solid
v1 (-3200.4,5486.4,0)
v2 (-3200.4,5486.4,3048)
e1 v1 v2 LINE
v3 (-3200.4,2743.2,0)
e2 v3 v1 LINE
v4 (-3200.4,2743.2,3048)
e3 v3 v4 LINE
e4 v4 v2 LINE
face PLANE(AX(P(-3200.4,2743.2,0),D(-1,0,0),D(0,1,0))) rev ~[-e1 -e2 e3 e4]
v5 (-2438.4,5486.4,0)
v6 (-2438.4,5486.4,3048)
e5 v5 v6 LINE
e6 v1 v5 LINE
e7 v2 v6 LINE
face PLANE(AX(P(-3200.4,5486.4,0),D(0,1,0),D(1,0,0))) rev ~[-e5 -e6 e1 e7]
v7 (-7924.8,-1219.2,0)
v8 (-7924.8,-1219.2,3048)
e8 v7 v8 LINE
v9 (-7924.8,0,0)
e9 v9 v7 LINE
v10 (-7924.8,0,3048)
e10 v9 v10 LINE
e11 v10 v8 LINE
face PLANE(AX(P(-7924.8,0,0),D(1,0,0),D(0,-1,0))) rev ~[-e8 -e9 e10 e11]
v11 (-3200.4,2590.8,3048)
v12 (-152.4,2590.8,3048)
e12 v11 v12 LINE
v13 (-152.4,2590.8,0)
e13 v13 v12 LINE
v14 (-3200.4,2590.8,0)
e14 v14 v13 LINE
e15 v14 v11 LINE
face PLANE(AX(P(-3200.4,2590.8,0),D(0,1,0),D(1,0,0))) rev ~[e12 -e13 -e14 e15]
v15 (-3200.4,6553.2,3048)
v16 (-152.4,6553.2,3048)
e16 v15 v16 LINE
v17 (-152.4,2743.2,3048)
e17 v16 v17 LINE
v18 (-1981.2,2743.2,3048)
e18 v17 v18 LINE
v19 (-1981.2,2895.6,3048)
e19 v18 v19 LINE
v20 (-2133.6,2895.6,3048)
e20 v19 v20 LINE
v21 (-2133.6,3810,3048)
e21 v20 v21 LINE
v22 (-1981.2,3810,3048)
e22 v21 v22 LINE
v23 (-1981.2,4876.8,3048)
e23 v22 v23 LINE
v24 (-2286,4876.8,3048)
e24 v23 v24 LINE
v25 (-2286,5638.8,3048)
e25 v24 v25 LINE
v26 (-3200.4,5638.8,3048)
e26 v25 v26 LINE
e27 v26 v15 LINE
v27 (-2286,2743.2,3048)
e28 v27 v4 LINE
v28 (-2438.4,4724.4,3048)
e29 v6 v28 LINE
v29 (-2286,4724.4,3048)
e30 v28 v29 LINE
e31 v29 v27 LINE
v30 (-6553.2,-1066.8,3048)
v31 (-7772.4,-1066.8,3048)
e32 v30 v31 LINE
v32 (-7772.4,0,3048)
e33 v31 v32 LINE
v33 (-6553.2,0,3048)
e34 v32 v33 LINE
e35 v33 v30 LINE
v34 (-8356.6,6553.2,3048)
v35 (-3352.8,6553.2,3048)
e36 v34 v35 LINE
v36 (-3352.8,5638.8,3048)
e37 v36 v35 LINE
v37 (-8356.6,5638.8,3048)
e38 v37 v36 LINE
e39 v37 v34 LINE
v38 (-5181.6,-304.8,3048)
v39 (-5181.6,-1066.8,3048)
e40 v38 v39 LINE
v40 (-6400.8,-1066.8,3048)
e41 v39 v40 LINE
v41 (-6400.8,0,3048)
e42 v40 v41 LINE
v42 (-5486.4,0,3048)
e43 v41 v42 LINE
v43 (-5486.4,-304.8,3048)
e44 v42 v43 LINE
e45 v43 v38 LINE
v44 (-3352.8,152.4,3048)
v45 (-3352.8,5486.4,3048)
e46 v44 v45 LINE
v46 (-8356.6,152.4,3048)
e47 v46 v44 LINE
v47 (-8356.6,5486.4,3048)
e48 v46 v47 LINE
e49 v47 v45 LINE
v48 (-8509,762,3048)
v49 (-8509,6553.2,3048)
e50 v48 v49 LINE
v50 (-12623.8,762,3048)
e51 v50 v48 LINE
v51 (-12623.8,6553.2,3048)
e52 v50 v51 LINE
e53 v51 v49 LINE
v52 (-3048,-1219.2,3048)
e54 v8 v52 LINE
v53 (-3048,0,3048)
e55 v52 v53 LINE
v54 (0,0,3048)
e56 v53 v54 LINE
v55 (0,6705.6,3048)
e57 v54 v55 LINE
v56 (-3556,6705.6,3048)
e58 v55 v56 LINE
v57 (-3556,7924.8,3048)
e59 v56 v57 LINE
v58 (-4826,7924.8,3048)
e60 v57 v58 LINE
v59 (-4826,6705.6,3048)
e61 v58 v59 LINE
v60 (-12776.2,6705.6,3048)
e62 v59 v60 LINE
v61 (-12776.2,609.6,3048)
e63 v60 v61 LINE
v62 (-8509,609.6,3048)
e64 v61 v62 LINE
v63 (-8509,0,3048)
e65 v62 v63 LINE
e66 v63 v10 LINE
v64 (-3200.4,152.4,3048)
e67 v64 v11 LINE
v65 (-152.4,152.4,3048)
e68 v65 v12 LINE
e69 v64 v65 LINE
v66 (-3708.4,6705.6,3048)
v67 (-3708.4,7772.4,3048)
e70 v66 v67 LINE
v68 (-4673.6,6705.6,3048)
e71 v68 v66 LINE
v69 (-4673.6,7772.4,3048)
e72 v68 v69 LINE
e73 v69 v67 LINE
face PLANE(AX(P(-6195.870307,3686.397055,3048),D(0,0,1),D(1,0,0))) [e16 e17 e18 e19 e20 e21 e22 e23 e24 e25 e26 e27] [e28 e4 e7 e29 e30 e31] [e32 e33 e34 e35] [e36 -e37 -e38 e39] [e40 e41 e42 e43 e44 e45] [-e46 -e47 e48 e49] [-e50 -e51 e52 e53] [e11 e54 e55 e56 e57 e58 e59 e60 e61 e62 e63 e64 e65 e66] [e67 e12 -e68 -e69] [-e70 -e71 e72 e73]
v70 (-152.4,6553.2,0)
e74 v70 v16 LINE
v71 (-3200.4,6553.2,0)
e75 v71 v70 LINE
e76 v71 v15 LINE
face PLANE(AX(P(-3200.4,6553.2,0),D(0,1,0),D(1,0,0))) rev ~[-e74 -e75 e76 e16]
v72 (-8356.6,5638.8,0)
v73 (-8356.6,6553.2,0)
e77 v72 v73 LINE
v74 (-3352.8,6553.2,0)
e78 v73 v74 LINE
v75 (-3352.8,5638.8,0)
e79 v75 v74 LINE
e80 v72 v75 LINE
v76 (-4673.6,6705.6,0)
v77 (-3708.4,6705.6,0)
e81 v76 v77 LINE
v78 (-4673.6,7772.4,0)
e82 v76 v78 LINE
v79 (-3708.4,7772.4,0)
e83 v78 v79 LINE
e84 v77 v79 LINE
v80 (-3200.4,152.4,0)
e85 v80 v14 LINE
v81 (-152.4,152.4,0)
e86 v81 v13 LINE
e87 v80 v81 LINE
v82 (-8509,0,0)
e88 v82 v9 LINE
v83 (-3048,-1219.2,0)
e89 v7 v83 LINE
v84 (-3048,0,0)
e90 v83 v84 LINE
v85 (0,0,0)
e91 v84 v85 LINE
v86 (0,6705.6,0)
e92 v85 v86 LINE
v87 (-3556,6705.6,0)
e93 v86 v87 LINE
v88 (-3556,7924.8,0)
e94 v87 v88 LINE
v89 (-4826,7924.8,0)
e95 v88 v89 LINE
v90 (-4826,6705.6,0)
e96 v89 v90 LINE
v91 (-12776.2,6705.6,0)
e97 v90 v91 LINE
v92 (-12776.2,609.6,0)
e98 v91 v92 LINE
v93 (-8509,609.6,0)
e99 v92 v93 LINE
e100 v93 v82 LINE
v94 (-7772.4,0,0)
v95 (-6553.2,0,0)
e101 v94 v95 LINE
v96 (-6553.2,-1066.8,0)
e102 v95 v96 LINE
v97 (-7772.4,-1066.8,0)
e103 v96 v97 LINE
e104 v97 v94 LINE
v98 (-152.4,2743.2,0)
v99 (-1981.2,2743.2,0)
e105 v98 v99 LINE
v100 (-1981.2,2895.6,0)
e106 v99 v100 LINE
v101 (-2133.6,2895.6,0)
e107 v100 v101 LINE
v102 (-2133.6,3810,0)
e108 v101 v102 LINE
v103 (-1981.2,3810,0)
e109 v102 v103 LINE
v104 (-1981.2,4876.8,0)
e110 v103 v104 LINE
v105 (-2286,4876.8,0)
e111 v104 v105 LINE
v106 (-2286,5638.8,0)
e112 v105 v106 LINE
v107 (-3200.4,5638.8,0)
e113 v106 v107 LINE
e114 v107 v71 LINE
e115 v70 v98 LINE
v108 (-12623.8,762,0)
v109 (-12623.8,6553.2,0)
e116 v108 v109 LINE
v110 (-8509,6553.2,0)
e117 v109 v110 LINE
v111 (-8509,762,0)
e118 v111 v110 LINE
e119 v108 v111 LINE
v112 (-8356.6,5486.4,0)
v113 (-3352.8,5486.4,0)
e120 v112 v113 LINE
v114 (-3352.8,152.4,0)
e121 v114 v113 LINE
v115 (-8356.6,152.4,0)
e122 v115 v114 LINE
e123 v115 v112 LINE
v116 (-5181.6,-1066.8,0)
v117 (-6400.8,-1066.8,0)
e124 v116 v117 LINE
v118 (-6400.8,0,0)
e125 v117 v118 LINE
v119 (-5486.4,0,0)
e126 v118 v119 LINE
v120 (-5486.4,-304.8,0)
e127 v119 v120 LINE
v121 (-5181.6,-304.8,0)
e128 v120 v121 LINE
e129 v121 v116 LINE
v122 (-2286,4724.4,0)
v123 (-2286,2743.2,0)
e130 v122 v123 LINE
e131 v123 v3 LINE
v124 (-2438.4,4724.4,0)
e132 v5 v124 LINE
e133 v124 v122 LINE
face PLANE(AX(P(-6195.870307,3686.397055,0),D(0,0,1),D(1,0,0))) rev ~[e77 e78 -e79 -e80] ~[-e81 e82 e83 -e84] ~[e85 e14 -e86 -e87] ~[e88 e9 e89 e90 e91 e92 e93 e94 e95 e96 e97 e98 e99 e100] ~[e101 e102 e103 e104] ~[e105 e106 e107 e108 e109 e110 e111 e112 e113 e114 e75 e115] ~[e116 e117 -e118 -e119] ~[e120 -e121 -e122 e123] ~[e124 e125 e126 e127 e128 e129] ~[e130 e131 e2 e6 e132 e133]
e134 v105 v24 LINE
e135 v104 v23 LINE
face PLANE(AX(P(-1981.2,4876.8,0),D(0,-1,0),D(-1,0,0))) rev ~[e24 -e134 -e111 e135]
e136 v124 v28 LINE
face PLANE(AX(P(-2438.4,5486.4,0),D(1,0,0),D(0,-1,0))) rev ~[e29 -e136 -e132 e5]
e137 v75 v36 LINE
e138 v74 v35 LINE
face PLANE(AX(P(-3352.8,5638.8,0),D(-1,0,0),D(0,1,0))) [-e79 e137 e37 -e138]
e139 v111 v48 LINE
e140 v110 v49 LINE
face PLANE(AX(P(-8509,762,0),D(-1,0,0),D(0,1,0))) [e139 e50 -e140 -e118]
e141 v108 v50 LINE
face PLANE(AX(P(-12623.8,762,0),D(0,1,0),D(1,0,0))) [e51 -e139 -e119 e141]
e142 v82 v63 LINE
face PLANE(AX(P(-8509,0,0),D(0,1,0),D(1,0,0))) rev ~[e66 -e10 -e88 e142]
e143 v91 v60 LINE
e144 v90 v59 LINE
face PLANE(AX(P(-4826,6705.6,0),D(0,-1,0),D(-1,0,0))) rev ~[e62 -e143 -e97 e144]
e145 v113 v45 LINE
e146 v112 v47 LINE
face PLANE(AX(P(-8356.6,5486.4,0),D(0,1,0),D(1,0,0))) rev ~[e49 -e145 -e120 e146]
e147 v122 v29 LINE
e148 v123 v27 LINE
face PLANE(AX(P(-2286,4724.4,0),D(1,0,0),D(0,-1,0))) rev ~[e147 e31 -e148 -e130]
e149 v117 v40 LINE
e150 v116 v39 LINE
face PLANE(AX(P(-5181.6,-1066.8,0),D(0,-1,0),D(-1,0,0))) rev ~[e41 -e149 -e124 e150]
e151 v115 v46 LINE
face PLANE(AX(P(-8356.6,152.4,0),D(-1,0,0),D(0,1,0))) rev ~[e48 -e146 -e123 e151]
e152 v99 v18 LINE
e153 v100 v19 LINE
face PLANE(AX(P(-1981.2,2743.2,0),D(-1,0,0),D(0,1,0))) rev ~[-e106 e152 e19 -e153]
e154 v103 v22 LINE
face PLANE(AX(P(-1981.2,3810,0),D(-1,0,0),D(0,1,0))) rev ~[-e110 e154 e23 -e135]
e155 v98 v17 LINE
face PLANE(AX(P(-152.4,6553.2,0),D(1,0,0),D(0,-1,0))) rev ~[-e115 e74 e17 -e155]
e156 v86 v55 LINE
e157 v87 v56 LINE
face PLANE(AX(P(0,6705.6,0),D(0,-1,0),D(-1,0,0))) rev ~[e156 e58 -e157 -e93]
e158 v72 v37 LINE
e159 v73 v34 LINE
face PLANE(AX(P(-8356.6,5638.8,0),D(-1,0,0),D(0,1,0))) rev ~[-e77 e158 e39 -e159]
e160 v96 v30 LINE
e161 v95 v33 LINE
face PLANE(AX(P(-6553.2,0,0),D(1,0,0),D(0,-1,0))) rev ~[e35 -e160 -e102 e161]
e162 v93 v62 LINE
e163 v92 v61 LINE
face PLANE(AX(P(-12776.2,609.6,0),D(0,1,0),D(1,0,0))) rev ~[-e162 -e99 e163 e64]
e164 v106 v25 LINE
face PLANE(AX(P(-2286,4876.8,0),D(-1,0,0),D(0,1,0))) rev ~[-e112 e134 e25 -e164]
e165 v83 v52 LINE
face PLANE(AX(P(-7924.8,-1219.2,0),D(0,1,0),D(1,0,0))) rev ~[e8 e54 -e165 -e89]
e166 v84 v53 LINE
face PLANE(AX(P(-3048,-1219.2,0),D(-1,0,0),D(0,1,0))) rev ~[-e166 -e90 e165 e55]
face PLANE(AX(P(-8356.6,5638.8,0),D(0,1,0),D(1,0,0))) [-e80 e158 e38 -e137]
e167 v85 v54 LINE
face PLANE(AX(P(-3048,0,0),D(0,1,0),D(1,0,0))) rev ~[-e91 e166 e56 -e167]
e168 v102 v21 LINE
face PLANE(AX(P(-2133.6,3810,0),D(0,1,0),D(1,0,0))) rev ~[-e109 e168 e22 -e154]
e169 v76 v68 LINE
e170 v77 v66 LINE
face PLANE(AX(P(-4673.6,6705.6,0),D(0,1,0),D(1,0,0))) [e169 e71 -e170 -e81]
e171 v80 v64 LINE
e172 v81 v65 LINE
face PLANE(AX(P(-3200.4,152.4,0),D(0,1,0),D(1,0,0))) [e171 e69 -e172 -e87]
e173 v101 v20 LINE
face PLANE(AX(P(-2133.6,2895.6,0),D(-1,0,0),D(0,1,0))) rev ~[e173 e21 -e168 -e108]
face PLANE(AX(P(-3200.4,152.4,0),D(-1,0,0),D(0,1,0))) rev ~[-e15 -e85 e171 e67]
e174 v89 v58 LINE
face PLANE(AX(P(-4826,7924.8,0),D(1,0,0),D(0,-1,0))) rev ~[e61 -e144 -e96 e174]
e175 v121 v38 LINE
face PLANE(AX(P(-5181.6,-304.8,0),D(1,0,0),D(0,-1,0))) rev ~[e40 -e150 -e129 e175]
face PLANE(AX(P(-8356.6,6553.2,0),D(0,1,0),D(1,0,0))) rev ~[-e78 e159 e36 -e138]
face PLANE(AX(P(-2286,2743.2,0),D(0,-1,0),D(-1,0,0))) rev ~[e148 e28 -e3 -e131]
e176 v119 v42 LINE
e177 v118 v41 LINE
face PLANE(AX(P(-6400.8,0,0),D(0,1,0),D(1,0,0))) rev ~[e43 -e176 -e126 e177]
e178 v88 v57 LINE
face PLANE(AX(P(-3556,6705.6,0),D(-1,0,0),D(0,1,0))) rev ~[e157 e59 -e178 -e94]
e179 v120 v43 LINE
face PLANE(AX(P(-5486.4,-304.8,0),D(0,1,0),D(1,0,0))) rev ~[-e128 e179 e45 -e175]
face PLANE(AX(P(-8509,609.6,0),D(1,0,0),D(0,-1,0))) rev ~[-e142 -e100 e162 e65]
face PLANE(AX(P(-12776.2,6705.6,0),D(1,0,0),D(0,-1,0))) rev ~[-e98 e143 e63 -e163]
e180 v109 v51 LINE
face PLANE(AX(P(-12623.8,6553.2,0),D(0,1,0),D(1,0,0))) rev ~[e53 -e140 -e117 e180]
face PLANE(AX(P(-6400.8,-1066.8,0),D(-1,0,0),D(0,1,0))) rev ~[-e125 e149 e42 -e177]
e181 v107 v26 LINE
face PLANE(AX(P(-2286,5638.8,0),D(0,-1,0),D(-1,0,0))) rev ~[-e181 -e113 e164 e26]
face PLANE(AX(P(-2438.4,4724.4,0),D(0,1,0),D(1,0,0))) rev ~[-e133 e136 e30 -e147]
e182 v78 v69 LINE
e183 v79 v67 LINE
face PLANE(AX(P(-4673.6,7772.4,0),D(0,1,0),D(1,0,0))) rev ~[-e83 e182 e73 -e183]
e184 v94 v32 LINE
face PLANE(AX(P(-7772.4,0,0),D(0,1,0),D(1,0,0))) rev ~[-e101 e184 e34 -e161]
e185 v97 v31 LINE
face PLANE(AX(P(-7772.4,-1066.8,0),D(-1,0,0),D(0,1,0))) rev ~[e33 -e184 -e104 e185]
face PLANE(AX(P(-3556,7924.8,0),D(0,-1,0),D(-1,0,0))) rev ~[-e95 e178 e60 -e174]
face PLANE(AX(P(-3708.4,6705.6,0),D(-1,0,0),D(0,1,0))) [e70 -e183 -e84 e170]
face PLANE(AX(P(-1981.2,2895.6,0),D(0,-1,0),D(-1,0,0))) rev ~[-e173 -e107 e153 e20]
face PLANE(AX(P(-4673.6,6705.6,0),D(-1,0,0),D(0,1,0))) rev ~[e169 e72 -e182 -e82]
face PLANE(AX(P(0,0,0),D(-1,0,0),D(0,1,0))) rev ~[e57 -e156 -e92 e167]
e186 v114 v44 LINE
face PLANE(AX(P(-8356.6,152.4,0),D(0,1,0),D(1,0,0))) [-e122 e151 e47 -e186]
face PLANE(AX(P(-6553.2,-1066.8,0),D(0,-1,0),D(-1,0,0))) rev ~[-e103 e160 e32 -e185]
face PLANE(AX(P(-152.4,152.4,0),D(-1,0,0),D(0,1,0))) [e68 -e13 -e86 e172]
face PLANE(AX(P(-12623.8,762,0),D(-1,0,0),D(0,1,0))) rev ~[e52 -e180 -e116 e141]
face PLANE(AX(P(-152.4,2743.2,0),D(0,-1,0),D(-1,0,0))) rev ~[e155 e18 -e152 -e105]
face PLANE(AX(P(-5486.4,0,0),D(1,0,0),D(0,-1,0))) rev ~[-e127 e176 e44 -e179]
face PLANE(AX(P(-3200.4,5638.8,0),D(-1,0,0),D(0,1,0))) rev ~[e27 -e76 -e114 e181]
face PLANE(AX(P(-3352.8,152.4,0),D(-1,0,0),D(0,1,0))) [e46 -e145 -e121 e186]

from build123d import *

# Parameters (mm, degrees)
F0_W     = 5003.8
F0_H     = 5334
F0_W_2   = 3048
F0_H_2   = 2438.4
F0_W_3   = 4114.8
F0_H_3   = 5791.2
F0_H_4   = 914.4
F0_W_4   = 965.2
F0_H_5   = 1066.8
F1_DEPTH = 3048


with BuildPart() as f1:
    # F0 (on Top) → F1 (new body)
    with BuildSketch(Plane.XY):
        Polygon((-4826, 6705.6), (-8509, 6705.6), (-12776.2, 6705.6), (-12776.2, 609.6), (-8509, 609.6), (-8509, 0), (-7924.8, 0), (-7772.4, 0), (-6553.2, 0), (-6400.8, 0), (-5486.4, 0), (-3048, 0), (0, 0), (0, 6705.6), (-3556, 6705.6), (-3556, 7924.8), (-4826, 7924.8), align=None)
        with Locations((-5854.7, 2819.4)):
            Rectangle(F0_W, F0_H, mode=Mode.SUBTRACT)
        with Locations((-1676.4, 1371.6)):
            Rectangle(F0_W_2, F0_H_2, mode=Mode.SUBTRACT)
        with Locations((-10566.4, 3657.6)):
            Rectangle(F0_W_3, F0_H_3, mode=Mode.SUBTRACT)
        Polygon((-2286, 2743.2), (-3200.4, 2743.2), (-3200.4, 5486.4), (-2438.4, 5486.4), (-2438.4, 4724.4), (-2286, 4724.4), align=None, mode=Mode.SUBTRACT)
        Polygon((-2286, 5638.8), (-3200.4, 5638.8), (-3200.4, 6553.2), (-152.4, 6553.2), (-152.4, 2743.2), (-1981.2, 2743.2), (-1981.2, 2895.6), (-2133.6, 2895.6), (-2133.6, 3810), (-1981.2, 3810), (-1981.2, 4876.8), (-2286, 4876.8), align=None, mode=Mode.SUBTRACT)
        with Locations((-5854.7, 6096)):
            Rectangle(F0_W, F0_H_4, mode=Mode.SUBTRACT)
        with Locations((-4191, 7239)):
            Rectangle(F0_W_4, F0_H_5, mode=Mode.SUBTRACT)
        Polygon((-7772.4, 0), (-7924.8, 0), (-7924.8, -1219.2), (-3048, -1219.2), (-3048, 0), (-5486.4, 0), (-5486.4, -304.8), (-5181.6, -304.8), (-5181.6, -1066.8), (-6400.8, -1066.8), (-6400.8, 0), (-6553.2, 0), (-6553.2, -1066.8), (-7772.4, -1066.8), align=None)
    extrude(amount=F1_DEPTH)


solid = f1.part
